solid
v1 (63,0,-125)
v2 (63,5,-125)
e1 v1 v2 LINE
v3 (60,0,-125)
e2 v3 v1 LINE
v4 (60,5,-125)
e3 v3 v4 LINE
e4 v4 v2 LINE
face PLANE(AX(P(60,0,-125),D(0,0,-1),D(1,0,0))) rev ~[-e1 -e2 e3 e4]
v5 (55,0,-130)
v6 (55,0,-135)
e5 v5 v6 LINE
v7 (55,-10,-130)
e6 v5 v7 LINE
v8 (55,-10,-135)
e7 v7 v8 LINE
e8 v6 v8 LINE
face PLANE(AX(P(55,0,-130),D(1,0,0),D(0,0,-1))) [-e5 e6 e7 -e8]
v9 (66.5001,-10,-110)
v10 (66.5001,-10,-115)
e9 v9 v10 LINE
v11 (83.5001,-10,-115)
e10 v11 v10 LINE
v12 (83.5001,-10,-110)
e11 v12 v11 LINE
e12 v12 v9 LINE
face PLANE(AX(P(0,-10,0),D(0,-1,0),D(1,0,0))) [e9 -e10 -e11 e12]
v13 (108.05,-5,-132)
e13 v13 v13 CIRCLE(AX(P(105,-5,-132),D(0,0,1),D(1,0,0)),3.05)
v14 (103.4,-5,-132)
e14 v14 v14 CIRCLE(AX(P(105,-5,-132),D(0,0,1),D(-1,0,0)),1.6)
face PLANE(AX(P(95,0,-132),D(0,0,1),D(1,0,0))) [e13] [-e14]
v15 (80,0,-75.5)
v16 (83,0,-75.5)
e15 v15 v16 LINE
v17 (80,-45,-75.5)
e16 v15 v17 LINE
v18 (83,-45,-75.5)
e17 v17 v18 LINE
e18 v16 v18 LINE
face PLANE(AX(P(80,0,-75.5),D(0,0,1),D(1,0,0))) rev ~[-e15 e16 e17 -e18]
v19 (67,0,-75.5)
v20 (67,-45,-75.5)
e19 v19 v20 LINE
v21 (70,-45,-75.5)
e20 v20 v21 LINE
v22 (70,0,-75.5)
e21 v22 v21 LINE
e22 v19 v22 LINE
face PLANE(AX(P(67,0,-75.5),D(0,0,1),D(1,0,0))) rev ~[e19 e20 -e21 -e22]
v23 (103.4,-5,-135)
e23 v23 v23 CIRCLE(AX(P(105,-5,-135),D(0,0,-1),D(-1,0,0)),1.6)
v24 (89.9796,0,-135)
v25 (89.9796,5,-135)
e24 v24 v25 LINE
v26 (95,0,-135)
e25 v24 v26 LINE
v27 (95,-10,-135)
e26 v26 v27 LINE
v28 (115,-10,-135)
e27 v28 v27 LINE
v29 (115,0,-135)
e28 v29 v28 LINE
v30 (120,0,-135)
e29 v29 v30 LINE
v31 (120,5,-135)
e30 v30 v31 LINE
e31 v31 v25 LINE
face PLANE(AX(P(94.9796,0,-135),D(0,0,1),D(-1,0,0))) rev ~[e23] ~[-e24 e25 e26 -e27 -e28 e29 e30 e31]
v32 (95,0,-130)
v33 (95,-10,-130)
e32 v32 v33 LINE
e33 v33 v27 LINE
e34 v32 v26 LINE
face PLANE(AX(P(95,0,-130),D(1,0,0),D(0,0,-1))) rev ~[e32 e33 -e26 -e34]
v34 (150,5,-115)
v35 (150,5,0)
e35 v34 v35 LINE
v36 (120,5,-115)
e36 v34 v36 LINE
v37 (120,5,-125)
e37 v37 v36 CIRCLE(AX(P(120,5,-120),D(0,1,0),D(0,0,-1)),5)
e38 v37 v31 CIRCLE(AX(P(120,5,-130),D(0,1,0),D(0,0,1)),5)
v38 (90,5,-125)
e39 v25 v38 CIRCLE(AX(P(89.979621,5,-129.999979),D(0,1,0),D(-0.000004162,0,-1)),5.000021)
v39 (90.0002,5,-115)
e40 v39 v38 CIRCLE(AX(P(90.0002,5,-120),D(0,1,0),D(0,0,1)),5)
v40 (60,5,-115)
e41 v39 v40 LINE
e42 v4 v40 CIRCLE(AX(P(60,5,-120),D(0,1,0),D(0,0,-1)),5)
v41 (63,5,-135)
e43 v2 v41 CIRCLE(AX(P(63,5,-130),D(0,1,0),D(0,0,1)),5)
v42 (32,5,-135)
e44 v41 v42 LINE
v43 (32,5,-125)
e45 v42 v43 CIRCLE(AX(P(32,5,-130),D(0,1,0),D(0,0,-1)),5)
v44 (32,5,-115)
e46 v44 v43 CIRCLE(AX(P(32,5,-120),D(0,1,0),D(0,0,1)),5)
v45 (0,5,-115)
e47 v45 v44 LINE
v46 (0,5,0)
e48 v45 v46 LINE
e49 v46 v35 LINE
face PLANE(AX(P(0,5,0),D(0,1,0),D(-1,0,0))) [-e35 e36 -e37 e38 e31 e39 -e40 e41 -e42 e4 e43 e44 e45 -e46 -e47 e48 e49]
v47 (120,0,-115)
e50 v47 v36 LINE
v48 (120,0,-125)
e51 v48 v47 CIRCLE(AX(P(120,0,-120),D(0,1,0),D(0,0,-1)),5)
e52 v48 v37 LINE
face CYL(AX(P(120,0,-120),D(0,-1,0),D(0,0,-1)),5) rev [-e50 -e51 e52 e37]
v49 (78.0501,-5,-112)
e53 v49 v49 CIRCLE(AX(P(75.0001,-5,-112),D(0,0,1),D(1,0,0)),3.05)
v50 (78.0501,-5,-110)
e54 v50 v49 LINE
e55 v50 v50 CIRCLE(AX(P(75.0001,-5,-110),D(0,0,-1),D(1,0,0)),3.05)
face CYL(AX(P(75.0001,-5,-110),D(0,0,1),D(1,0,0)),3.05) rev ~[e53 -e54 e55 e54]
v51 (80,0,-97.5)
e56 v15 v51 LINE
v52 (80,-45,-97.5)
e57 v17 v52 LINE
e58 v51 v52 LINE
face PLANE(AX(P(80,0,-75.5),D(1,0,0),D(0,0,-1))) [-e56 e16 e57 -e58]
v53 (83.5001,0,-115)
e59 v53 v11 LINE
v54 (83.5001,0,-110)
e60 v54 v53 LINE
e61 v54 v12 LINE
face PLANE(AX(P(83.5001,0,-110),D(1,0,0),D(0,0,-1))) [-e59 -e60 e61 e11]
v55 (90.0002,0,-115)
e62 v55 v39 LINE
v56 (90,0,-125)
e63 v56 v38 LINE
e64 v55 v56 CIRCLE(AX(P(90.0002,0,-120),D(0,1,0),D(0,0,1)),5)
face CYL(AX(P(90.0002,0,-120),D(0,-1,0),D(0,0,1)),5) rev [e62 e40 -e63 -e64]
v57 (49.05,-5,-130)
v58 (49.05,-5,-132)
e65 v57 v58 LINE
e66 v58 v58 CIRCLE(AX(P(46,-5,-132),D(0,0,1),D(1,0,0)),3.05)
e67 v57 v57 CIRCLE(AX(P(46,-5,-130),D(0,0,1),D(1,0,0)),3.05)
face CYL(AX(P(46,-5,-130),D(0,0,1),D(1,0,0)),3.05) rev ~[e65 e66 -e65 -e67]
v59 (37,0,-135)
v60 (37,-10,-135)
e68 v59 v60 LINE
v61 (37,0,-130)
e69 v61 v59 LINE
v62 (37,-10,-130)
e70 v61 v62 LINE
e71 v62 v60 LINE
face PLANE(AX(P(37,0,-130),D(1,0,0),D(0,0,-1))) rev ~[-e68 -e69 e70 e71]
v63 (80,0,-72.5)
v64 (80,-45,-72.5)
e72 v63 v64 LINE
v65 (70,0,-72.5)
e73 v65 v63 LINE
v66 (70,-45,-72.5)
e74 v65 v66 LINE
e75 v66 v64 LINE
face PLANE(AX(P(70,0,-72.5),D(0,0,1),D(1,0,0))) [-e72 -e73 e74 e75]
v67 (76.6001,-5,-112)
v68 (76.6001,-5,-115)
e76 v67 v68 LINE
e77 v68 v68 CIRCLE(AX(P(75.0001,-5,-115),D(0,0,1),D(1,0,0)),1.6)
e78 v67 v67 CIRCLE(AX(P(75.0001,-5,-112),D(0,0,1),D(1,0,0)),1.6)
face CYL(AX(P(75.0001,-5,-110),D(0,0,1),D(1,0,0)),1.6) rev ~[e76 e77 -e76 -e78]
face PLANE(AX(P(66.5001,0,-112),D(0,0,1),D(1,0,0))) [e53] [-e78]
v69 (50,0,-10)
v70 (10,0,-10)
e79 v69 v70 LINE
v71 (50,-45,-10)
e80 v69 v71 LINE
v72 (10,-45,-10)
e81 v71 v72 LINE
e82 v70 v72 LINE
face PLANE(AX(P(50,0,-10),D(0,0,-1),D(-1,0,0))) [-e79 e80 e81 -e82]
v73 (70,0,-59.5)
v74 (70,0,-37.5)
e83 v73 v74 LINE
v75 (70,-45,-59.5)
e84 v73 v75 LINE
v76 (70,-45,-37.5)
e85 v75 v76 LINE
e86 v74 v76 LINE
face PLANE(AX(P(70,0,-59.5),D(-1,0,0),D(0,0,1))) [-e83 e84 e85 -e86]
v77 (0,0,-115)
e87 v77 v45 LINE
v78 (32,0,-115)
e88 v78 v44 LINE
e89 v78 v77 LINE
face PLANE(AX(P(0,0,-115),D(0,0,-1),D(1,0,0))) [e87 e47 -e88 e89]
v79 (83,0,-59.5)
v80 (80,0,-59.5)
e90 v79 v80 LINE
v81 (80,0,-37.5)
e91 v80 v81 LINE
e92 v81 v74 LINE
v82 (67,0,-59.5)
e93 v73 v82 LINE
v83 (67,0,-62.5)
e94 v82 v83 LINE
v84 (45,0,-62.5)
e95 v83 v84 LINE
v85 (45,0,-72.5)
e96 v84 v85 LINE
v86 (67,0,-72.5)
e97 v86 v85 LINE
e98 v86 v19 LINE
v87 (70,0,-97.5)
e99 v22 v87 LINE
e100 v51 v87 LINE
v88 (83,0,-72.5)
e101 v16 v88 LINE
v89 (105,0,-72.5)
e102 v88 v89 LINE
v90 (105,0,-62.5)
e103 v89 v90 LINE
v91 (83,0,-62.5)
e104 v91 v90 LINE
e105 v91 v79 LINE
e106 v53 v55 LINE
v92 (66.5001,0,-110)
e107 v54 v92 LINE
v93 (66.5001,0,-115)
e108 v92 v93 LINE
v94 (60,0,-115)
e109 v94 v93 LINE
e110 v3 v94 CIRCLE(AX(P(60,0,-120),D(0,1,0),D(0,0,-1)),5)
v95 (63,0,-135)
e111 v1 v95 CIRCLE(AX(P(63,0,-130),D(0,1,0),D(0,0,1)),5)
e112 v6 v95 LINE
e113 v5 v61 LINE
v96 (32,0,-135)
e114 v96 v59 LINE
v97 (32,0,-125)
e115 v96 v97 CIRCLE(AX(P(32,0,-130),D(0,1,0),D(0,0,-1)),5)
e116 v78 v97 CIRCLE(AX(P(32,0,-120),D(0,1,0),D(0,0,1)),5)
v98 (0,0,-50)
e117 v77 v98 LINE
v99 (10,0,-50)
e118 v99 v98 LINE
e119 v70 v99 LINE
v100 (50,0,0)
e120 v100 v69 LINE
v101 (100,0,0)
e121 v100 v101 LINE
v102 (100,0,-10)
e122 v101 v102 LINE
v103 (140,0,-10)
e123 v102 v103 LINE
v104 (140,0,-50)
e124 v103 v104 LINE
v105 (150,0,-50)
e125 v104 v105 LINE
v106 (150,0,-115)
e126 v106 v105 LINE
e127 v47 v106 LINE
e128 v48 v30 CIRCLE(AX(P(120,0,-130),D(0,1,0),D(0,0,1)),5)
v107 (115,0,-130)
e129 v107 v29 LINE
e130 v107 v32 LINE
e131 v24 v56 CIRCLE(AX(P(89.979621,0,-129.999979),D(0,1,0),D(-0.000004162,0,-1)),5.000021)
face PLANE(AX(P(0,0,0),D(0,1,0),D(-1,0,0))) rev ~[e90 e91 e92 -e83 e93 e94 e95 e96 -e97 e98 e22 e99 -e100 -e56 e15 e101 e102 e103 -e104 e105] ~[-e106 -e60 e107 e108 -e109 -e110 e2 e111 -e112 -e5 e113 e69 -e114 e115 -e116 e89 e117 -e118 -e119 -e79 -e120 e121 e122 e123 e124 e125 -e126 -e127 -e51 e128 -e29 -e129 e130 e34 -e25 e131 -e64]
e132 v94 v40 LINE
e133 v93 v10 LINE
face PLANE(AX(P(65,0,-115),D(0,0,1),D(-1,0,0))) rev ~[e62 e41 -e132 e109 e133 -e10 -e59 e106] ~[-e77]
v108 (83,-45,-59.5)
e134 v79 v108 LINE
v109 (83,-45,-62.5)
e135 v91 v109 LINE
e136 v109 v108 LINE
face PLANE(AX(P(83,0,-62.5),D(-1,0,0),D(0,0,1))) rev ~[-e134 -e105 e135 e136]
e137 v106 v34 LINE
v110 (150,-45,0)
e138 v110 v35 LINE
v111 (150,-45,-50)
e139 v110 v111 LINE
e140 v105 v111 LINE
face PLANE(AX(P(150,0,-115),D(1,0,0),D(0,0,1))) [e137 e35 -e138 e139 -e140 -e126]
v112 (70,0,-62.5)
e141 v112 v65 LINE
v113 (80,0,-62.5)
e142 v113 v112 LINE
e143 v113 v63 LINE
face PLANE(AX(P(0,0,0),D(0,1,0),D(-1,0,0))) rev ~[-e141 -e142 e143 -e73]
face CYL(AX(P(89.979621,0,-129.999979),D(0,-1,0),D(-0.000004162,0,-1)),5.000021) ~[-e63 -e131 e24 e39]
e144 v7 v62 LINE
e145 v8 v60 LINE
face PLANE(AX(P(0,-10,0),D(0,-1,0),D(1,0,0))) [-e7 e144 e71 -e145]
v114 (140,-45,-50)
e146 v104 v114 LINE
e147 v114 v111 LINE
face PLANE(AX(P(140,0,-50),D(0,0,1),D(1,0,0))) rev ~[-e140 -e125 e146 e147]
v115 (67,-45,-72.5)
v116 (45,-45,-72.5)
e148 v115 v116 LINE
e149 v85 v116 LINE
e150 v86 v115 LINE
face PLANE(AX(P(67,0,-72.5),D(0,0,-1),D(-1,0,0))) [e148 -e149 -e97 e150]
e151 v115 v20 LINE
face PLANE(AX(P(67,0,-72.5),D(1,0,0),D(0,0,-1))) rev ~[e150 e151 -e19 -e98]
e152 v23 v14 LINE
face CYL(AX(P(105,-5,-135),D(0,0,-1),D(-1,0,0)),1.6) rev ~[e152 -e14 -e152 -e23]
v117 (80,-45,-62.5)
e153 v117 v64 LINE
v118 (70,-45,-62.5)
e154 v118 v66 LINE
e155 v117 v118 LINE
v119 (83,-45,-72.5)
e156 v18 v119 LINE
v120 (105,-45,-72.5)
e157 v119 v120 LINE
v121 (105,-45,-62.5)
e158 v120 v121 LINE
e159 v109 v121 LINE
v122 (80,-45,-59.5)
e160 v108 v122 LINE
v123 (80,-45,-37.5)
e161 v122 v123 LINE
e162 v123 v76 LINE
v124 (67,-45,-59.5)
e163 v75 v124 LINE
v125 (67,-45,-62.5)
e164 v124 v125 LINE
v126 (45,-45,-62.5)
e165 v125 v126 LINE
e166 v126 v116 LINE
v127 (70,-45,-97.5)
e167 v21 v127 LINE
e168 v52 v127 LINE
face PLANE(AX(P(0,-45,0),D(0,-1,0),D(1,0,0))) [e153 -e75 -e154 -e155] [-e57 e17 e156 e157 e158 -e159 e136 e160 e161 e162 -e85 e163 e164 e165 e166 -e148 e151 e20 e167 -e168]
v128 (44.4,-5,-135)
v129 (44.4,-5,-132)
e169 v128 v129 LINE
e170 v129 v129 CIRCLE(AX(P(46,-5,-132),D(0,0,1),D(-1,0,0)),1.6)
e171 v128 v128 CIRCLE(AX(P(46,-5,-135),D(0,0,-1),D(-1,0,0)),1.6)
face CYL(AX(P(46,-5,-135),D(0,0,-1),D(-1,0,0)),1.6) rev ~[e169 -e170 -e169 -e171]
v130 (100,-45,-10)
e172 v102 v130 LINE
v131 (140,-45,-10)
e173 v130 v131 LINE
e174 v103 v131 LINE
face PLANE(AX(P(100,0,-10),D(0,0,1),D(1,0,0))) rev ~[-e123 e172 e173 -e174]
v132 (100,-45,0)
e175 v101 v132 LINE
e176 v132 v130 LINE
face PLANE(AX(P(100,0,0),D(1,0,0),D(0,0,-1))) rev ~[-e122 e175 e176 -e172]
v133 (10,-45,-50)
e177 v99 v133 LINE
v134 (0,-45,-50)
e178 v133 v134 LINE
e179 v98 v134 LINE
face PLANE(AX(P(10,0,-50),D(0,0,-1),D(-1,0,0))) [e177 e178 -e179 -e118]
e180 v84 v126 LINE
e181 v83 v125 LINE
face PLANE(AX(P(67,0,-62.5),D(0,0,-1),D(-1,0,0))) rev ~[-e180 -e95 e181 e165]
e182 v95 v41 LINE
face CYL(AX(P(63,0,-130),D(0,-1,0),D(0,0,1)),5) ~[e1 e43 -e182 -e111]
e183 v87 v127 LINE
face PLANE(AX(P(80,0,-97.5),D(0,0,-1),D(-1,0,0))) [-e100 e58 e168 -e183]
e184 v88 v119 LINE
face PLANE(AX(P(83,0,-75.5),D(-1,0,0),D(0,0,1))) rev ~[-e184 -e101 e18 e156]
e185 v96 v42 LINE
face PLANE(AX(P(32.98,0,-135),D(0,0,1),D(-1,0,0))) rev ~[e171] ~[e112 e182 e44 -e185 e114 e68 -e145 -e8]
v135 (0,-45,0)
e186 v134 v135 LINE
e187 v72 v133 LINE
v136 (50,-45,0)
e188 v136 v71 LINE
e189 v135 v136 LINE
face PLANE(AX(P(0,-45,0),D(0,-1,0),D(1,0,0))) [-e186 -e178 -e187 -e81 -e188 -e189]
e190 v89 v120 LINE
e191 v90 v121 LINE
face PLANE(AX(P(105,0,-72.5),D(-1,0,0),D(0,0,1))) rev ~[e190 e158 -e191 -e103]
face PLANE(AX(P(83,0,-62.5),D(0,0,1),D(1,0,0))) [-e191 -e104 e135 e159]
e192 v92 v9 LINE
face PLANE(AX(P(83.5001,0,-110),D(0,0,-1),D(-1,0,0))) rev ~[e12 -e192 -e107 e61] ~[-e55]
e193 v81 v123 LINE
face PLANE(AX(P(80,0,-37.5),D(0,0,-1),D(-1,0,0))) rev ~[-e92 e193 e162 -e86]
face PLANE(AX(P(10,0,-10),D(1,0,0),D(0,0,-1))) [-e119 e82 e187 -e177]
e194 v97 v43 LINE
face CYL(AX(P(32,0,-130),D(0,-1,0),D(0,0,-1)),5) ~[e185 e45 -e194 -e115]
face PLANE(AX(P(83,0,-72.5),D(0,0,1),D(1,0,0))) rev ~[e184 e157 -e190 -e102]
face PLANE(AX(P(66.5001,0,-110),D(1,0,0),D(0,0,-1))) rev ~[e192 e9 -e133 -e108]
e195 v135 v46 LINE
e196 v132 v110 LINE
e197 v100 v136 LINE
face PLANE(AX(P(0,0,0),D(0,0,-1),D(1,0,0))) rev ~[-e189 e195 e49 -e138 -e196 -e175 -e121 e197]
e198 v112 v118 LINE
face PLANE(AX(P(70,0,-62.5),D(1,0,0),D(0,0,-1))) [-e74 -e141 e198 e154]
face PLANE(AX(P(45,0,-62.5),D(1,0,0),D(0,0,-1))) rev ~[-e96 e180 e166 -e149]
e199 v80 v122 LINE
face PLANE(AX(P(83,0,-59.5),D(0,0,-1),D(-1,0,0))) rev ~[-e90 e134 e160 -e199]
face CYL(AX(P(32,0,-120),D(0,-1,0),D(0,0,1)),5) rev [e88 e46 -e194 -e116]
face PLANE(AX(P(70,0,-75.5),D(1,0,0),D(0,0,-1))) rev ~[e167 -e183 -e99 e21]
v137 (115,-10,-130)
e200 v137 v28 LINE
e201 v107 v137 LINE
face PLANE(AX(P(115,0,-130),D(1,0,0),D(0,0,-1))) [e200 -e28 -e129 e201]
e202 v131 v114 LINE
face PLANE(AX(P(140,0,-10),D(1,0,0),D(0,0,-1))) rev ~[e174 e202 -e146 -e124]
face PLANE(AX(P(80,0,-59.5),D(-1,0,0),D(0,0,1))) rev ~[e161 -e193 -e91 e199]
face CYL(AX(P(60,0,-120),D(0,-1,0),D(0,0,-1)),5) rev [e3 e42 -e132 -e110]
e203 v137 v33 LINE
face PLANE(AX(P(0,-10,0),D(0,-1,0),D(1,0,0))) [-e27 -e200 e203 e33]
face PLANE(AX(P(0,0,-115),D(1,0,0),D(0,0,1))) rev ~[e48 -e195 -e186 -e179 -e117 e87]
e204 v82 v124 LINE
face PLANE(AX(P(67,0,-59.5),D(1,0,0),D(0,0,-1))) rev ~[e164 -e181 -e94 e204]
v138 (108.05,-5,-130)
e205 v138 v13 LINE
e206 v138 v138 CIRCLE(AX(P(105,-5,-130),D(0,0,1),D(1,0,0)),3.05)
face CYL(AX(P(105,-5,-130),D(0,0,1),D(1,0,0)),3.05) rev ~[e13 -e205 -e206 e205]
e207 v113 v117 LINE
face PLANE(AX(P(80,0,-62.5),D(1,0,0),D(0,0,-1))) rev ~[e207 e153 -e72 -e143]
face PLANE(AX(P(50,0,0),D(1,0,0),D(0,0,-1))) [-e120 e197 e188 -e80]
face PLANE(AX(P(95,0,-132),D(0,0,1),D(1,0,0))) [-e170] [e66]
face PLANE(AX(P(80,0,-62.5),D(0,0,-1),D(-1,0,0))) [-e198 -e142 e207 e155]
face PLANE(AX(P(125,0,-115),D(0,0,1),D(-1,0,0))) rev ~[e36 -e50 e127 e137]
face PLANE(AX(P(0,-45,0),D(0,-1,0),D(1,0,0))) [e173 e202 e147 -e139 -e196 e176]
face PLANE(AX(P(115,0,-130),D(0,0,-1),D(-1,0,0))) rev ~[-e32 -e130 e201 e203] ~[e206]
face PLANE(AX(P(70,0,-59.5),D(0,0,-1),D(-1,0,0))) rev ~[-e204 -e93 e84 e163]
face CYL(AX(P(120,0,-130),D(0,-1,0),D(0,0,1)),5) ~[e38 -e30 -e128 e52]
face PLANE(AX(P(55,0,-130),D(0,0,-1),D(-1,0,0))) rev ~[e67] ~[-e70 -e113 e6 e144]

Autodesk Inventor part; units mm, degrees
ref_plane "YZ Plane" through (0, 0, 0) normal (1, 0, 0) x (0, 1, 0)
ref_plane "XZ Plane" through (0, 0, 0) normal (0, 1, 0) x (-1, 0, 0)
ref_plane "XY Plane" through (0, 0, 0) normal (0, 0, 1) x (1, 0, 0)
sketch "puzzle" plane through (0, 0, 0) normal (0, 1, 0) x (-1, 0, 0)
  line L0 (0, 0) -> (-150, 0)
  line L1 (0, -115) -> (-15, -115)
  line L2 (-135, -115) -> (-125, -115)
  line L3 (-135, -115) -> (-150, -115)
  line L4 (-75, -115) -> (-65, -115)
  line L5 (-75, -115) -> (-85.0002, -115)
  line L6 (-105, -135) -> (-94.9796, -135)
  line L7 (-94.9796, -135) -> (-115, -135)
  line L8 (-65, -115) -> (-60, -115)
  line L9 (-60, -125) -> (-63, -125)
  arc A0 (-60, -125) -> (-60, -115) centre (-60, -120) ccw
  arc A1 (-63, -125) -> (-63, -135) centre (-63, -130) ccw
  line L10 (-85.0002, -115) -> (-90.0002, -115)
  line L11 (-94.9796, -135) -> (-89.9796, -135)
  arc A2 (-90.0002, -115) -> (-90, -125) centre (-90.0002, -120) ccw
  arc A3 (-89.9796, -135) -> (-90, -125) centre (-89.9796, -130) ccw
  line L12 (-115, -135) -> (-120, -135)
  line L13 (-125, -115) -> (-120, -115)
  arc A4 (-120, -125) -> (-120, -115) centre (-120, -120) ccw
  arc A5 (-120, -125) -> (-120, -135) centre (-120, -130) ccw
  line L14 (0, -115) -> (-30, -115)
  line L15 (-63, -135) -> (-32.98, -135)
  line L16 (-32.98, -135) -> (-32, -135)
  line L17 (-30, -115) -> (-32, -115)
  arc A6 (-32, -115) -> (-32, -125) centre (-32, -120) ccw
  arc A7 (-32, -135) -> (-32, -125) centre (-32, -130) ccw
  line L18 (-150, -115) -> (-150, 0)
  line L19 (0, -115) -> (0, 0)
  dimension "d22" = 5
  dimension "d23" = 5
  dimension "d24" = 5
  dimension "d25" = 5
  dimension "d26" = 5
extrude "Extrusión1" add sketch "puzzle" along normal blind 5
sketch "peus" plane through (0, 0, 0) normal (0, -1, 0) x (1, 0, 0)
  line L0 (150, 0) -> (145, 0)
  line L1 (150, 0) -> (100, 0)
  line L2 (0, -115) -> (0, 0) projected
  line L3 (0, 0) -> (50, 0)
  line L4 (50, 0) -> (50, -10)
  line L5 (0, 0) -> (10, 0)
  line L6 (10, -50) -> (0, -50)
  line L7 (0, -50) -> (0, 0)
  line L8 (50, -10) -> (10, -10)
  line L9 (10, -10) -> (10, -50)
  line L10 (100, 0) -> (100, -10)
  line L11 (100, -10) -> (140, -10)
  line L12 (140, -10) -> (140, -50)
  line L13 (140, -50) -> (150, -50)
  line L14 (150, 0) -> (150, -115) projected
  line L15 (150, 0) -> (150, -50)
  line L16 (0, 0) -> (150, 0) projected
  line L17 (45, -62.5) -> (45, -72.5)
  line L18 (105, -72.5) -> (105, -62.5)
  line L19 (80, -97.5) -> (70, -97.5)
  line L20 (80, -37.5) -> (70, -37.5)
  line L21 (80, -62.5) -> (70, -62.5)
  line L22 (70, -62.5) -> (70, -72.5)
  line L23 (70, -72.5) -> (80, -72.5)
  line L24 (80, -62.5) -> (80, -72.5)
  line L25 (83, -62.5) -> (83, -59.5)
  line L26 (83, -59.5) -> (80, -59.5)
  line L27 (70, -59.5) -> (67, -59.5)
  line L28 (67, -59.5) -> (67, -62.5)
  line L29 (67, -72.5) -> (67, -75.5)
  line L30 (67, -75.5) -> (70, -75.5)
  line L31 (80, -75.5) -> (83, -75.5)
  line L32 (83, -75.5) -> (83, -72.5)
  line L33 (83, -72.5) -> (105, -72.5)
  line L34 (83, -62.5) -> (105, -62.5)
  line L35 (80, -59.5) -> (80, -37.5)
  line L36 (70, -59.5) -> (70, -37.5)
  line L37 (67, -62.5) -> (45, -62.5)
  line L38 (67, -72.5) -> (45, -72.5)
  line L39 (70, -75.5) -> (70, -97.5)
  line L40 (80, -75.5) -> (80, -97.5)
  line L41 (83, -72.5) -> (105, -72.5)
  dimension "d70" = 3
extrude "Extrusión3" add sketch "peus" along normal blind 45
sketch "Boceto4" plane through (0, 0, 0) normal (0, -1, 0) x (1, 0, 0)
  line L0 (55, -135) -> (37, -135)
  line L1 (120, -135) -> (89.9796, -135) projected
  line L2 (115, -135) -> (95, -135)
  line L3 (90.0002, -115) -> (60, -115) projected
  line L4 (75.0001, -115) -> (83.5001, -115)
  line L5 (83.5001, -115) -> (66.5001, -115)
  line L6 (83.5001, -110) -> (66.5001, -110)
  line L7 (83.5001, -110) -> (83.5001, -115)
  line L8 (66.5001, -110) -> (66.5001, -115)
  line L9 (55, -130) -> (37, -130)
  line L10 (55, -130) -> (55, -135)
  line L11 (37, -130) -> (37, -135)
  line L12 (115, -130) -> (95, -130)
  line L13 (95, -130) -> (95, -135)
  line L14 (115, -130) -> (115, -135)
  point P0 (0, 0)
extrude "Extrusión4" add sketch "Boceto4" along normal blind 10
sketch "Boceto5" plane through (55, 0, -135) normal (0, 0, -1) x (-1, 0, 0)
  circle A0 centre (9, -5) radius 1.6
  circle A1 centre (-50, -5) radius 1.6
  point P0 (55, 0)
  dimension "d81" = 3.2
  dimension "d82" = 3.2
extrude "Extrusión5" cut sketch "Boceto5" against normal blind 14.25
sketch "Boceto6" plane through (95, 0, -130) normal (0, 0, 1) x (1, 0, 0)
  circle A0 centre (-49, -5) radius 1.6 projected
  circle A1 centre (-49, -5) radius 3.05
  circle A2 centre (10, -5) radius 1.6 projected
  circle A3 centre (10, -5) radius 3.05
  point P0 (-95, 0)
  dimension "d85" = 6.1
  dimension "d86" = 6.1
extrude "Extrusión6" cut sketch "Boceto6" against normal blind 2
sketch "Boceto7" plane through (66.5001, 0, -110) normal (0, 0, 1) x (1, 0, 0)
  line L0 (17, -10) -> (0, -10) projected
  line L1 (8.5, -10) -> (8.5, 0)
  line L2 (0, 0) -> (17, 0) projected
  circle A0 centre (8.5, -5) radius 3.05
  point P0 (-66.5001, 0)
  dimension "d89" = 6.1
extrude "Extrusión7" cut sketch "Boceto7" against normal blind 2
sketch "Boceto8" plane through (66.5001, 0, -110) normal (0, 0, 1) x (1, 0, 0)
  circle A0 centre (8.5, -5) radius 3.05 projected
  circle A1 centre (8.5, -5) radius 1.6
  point P0 (-66.5001, 0)
  dimension "d92" = 3.2
extrude "Extrusión8" cut sketch "Boceto8" against normal blind 13 contours A1
properties part number "base auxiliar 1"
